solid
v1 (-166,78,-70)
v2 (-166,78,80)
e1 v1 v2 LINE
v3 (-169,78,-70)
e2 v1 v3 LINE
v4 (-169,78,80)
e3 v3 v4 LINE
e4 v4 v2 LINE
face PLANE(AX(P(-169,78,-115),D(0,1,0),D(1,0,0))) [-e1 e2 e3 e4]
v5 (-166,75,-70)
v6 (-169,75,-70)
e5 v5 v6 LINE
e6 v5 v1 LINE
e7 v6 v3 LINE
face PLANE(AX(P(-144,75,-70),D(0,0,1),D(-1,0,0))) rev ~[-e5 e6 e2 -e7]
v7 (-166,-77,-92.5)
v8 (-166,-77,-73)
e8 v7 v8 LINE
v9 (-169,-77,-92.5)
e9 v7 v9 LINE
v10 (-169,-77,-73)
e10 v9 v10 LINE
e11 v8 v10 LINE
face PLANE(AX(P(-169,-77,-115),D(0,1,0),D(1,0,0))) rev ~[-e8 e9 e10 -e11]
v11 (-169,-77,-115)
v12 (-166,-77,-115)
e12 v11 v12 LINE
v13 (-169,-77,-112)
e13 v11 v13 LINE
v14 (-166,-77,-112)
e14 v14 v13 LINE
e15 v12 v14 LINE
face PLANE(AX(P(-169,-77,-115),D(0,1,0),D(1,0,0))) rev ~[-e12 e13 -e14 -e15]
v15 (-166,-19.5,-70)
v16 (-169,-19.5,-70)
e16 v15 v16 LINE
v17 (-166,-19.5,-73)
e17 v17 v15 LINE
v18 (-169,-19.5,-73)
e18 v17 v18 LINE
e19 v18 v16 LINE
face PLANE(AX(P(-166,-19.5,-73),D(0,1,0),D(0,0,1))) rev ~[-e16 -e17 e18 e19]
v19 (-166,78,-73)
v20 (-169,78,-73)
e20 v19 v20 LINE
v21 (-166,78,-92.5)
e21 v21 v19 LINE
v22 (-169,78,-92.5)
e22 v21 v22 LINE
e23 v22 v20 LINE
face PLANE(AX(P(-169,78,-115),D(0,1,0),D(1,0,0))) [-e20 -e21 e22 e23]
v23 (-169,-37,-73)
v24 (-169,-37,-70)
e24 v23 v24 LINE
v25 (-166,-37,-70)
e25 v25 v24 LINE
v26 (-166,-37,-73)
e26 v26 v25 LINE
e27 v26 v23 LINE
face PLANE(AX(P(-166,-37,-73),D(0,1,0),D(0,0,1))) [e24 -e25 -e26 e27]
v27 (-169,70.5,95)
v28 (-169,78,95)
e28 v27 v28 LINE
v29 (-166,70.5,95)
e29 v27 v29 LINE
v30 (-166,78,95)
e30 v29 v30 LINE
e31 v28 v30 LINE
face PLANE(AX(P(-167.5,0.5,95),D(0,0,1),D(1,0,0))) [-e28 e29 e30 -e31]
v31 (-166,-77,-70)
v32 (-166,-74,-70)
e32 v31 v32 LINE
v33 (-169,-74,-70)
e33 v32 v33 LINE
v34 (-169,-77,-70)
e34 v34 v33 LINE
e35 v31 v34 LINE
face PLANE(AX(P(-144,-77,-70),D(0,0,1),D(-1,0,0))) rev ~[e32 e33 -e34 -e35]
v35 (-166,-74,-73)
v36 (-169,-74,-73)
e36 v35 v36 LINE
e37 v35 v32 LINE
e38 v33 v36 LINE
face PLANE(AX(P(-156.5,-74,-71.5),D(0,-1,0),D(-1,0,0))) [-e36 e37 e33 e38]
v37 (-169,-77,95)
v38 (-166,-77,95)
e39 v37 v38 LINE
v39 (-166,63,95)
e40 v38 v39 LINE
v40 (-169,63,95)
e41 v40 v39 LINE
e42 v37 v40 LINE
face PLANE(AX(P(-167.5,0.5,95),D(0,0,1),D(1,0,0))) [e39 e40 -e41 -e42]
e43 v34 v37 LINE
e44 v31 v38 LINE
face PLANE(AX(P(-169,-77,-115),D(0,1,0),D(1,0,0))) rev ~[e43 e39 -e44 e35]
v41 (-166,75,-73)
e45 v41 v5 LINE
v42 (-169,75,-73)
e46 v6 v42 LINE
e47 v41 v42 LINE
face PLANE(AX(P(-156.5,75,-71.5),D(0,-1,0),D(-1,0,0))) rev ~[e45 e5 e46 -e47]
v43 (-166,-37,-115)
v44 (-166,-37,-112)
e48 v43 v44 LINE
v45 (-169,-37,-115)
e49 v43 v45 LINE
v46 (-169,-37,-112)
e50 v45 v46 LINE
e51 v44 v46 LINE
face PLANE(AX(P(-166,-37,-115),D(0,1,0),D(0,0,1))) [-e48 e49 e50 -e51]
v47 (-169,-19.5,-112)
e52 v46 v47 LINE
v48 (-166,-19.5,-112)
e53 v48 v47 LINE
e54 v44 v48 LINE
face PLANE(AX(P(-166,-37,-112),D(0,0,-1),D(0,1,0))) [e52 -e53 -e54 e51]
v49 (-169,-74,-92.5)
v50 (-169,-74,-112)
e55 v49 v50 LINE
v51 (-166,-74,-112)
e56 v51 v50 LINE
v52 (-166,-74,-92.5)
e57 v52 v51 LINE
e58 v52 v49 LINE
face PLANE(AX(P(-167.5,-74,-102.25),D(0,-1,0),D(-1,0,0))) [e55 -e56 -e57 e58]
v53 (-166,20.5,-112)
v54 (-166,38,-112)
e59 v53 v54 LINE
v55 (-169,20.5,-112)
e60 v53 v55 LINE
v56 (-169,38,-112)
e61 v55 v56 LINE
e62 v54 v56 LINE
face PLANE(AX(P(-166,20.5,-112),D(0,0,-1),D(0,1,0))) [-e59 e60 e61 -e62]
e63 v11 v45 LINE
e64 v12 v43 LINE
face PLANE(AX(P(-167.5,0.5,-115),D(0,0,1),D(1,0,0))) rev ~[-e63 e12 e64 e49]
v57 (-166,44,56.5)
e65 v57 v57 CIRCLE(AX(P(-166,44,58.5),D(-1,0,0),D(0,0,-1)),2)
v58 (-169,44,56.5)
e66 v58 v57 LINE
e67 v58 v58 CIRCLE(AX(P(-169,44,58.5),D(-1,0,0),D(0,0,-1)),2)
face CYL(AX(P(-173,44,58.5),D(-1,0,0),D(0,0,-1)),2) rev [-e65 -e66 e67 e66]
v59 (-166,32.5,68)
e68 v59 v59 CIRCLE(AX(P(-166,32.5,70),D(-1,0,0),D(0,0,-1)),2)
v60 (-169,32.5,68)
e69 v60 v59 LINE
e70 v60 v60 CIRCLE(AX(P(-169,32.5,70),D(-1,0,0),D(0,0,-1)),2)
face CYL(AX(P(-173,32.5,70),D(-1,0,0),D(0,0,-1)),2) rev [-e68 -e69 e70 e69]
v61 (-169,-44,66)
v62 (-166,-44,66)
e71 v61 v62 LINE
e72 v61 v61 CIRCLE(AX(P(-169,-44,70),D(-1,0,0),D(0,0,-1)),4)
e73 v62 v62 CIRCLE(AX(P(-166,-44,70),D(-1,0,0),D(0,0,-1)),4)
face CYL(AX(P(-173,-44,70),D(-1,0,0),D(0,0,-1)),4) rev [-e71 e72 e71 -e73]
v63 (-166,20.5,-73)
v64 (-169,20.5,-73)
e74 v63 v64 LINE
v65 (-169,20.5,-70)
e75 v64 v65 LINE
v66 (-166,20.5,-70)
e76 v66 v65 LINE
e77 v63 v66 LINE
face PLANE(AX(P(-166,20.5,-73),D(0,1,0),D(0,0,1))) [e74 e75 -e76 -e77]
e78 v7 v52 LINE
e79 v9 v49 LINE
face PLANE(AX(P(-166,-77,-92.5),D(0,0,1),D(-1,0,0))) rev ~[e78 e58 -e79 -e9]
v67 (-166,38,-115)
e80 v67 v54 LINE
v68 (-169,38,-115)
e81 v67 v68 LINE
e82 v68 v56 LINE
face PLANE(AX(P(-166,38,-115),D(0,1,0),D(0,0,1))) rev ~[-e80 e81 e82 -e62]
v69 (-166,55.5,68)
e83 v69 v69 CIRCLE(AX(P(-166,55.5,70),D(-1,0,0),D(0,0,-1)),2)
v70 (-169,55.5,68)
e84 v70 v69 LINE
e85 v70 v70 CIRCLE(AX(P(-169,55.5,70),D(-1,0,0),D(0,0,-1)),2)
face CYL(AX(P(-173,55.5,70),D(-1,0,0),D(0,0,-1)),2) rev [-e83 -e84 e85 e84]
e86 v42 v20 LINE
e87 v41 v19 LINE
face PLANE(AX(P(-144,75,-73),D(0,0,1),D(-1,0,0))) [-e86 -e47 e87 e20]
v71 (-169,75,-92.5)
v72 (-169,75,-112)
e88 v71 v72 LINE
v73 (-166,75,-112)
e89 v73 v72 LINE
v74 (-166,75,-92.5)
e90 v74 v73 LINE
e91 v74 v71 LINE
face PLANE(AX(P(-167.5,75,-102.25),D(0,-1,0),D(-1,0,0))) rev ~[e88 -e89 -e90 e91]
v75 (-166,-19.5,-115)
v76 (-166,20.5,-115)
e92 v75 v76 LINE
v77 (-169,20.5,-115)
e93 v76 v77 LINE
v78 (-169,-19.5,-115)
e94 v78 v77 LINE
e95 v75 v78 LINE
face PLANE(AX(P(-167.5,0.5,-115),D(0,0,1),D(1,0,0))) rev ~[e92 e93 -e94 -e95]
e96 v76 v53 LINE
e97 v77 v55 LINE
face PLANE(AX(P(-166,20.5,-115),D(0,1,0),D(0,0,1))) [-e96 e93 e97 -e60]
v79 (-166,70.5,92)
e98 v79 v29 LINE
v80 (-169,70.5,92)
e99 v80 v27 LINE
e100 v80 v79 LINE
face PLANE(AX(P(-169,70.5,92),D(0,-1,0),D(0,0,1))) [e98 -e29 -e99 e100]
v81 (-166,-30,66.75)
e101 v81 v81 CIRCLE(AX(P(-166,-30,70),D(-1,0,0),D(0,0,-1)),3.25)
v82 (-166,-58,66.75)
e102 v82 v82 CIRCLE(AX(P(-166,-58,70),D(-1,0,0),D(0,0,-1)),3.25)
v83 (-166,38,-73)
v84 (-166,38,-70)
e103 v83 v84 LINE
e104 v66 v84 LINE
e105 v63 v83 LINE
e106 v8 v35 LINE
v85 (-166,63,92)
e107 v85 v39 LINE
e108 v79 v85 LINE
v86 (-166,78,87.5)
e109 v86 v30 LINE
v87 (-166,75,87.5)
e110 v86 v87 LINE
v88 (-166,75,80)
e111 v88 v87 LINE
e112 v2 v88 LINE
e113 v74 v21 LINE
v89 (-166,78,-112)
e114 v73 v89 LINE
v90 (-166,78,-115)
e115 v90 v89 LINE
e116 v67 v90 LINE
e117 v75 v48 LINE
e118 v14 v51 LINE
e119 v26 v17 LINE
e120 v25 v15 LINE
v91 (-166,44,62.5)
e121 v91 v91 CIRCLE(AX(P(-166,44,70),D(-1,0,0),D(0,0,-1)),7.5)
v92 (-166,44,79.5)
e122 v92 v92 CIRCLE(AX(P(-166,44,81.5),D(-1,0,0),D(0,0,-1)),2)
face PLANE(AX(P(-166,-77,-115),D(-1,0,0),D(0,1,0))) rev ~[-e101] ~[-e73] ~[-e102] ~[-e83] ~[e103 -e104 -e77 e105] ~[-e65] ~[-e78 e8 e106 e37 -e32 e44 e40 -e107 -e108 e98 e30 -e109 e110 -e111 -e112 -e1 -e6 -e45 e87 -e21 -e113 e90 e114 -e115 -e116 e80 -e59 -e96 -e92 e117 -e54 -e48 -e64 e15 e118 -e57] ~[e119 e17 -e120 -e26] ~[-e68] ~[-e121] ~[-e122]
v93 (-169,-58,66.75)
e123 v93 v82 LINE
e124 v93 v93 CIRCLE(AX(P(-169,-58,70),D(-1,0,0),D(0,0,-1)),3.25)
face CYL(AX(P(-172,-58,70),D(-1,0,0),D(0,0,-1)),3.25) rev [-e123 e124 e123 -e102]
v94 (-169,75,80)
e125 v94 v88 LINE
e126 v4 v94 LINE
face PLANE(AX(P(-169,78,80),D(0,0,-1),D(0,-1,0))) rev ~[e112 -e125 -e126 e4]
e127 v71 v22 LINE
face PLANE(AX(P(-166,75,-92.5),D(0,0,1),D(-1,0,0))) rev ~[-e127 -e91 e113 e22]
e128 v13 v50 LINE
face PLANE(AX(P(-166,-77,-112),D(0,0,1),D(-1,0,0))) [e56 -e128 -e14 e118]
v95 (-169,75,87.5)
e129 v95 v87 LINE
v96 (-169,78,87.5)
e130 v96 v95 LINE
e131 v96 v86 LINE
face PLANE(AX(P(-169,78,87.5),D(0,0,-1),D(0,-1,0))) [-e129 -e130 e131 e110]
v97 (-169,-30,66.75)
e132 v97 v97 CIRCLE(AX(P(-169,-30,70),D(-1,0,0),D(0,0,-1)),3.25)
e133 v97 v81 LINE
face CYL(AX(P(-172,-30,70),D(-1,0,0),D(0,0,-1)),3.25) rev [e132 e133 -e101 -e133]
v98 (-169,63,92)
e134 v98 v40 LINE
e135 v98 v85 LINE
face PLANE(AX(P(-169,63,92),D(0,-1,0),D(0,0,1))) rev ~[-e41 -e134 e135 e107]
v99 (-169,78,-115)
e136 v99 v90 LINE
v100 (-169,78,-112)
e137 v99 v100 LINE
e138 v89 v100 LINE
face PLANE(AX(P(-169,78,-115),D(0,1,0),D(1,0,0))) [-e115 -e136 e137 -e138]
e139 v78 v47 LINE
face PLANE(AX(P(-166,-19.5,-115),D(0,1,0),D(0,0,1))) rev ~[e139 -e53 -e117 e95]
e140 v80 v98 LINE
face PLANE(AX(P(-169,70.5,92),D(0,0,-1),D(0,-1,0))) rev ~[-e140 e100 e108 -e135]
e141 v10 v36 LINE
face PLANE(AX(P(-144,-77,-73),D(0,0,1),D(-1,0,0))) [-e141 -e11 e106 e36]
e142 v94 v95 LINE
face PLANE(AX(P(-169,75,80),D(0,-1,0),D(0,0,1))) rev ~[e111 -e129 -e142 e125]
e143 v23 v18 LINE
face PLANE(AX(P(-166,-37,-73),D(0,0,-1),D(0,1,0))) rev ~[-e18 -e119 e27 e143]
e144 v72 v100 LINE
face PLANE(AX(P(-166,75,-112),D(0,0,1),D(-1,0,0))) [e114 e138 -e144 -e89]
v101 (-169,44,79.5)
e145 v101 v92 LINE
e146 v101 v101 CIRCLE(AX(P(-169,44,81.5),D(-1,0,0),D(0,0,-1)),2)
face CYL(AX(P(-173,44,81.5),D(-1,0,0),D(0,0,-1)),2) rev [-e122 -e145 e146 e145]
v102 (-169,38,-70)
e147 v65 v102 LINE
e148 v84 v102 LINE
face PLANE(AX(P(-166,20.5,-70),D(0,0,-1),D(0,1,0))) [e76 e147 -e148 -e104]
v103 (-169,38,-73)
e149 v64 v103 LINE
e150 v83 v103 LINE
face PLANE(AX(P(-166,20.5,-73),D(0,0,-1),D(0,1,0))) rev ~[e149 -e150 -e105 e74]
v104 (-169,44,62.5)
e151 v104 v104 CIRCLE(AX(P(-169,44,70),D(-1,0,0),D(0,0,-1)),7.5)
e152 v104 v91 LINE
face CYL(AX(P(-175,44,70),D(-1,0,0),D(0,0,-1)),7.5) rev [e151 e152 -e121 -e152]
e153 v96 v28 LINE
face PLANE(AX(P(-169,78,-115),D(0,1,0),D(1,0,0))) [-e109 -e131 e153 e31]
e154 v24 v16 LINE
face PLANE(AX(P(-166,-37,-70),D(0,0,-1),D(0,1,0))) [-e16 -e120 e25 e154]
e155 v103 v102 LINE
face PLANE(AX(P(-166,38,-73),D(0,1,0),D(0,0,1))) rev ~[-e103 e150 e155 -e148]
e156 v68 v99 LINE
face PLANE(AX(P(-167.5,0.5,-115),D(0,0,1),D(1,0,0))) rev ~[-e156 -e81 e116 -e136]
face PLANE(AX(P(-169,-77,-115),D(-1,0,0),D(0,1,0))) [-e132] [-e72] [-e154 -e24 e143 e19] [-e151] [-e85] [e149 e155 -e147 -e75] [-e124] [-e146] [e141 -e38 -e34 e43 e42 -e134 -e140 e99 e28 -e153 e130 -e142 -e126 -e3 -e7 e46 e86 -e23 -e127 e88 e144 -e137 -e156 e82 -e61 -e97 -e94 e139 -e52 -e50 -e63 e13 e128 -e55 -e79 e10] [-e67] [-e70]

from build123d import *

# Parameters (mm, degrees)
CYLINDER128_R                                = 2
CYLINDER128_DEPTH                            = 10
CYLINDER128_PITCH_ANGLE                      = 90
CYLINDER131_R                                = 2
CYLINDER131_DEPTH                            = 10
CYLINDER131_PITCH_ANGLE                      = 90
CYLINDER130_R                                = 2
CYLINDER130_DEPTH                            = 10
CYLINDER130_PITCH_ANGLE                      = 90
CYLINDER129_R                                = 2
CYLINDER129_DEPTH                            = 10
CYLINDER129_PITCH_ANGLE                      = 90
CYLINDER127_R                                = 7.5
CYLINDER127_DEPTH                            = 10
CYLINDER127_PITCH_ANGLE                      = 90
CYLINDER125_R                                = 3.25
CYLINDER125_DEPTH                            = 10
CYLINDER125_PITCH_ANGLE                      = 90
CYLINDER126_R                                = 3.25
CYLINDER126_DEPTH                            = 10
CYLINDER126_PITCH_ANGLE                      = 90
CYLINDER124_R                                = 4
CYLINDER124_DEPTH                            = 10
CYLINDER124_PITCH_ANGLE                      = 90
RECTANGLE159_W                               = 7.5
RECTANGLE159_H                               = 3
EXTRUDE205_DEPTH                             = 3
RECTANGLE155_W                               = 3
RECTANGLE155_H                               = 7.5
EXTRUDE204_DEPTH                             = 3
RECTANGLE140_W                               = 17.5
RECTANGLE140_H                               = 3
EXTRUDE181_DEPTH                             = 3
RECTANGLE142_W                               = 17.5
RECTANGLE142_H                               = 3
EXTRUDE183_DEPTH                             = 3
RECTANGLE141_W                               = 17.5
RECTANGLE141_H                               = 3
EXTRUDE182_DEPTH                             = 3
RECTANGLE139_W                               = 17.5
RECTANGLE139_H                               = 3
EXTRUDE180_DEPTH                             = 3
RECTANGLE129_AS_DRAWN_W                      = 25
RECTANGLE129_AS_DRAWN_H                      = 3
EXTRUDE172_DEPTH                             = 3
EXTRUDE172_ONTO_RECTANGLE129_ROLL_ANGLE      = -90
EXTRUDE172_ONTO_RECTANGLE129_PLACEMENT_ANGLE = 180
RECTANGLE132_AS_DRAWN_W                      = 3
RECTANGLE132_AS_DRAWN_H                      = 19.5
EXTRUDE169_DEPTH                             = 3
EXTRUDE169_ONTO_RECTANGLE132_ROLL_ANGLE      = -90
EXTRUDE169_ONTO_RECTANGLE132_PLACEMENT_ANGLE = 180
BOX012_W                                     = 3
BOX012_H                                     = 155
BOX012_DEPTH                                 = 210


with BuildPart() as cylinder159:
    # Cylinder128 → Cylinder128 (new body)
    with BuildSketch(Plane.XY):
        Circle(CYLINDER128_R)
    extrude(amount=CYLINDER128_DEPTH)


with BuildPart() as cylinder159_1:
    # Cylinder128 pitch: moved
    add(cylinder159.part.rotate(Axis((0, 0, 0), (0, 1, 0)), CYLINDER128_PITCH_ANGLE))


with BuildPart() as cylinder159_2:
    # Cylinder128 placement: moved
    add(cylinder159_1.part.moved(Location((-173, 44, 81.5))))


with BuildPart() as cylinder162:
    # Cylinder131 → Cylinder131 (new body)
    with BuildSketch(Plane.XY):
        Circle(CYLINDER131_R)
    extrude(amount=CYLINDER131_DEPTH)


with BuildPart() as cylinder162_1:
    # Cylinder131 pitch: moved
    add(cylinder162.part.rotate(Axis((0, 0, 0), (0, 1, 0)), CYLINDER131_PITCH_ANGLE))


with BuildPart() as cylinder162_2:
    # Cylinder131 placement: moved
    add(cylinder162_1.part.moved(Location((-173, 32.5, 70))))


with BuildPart() as cylinder161:
    # Cylinder130 → Cylinder130 (new body)
    with BuildSketch(Plane.XY):
        Circle(CYLINDER130_R)
    extrude(amount=CYLINDER130_DEPTH)


with BuildPart() as cylinder161_1:
    # Cylinder130 pitch: moved
    add(cylinder161.part.rotate(Axis((0, 0, 0), (0, 1, 0)), CYLINDER130_PITCH_ANGLE))


with BuildPart() as cylinder161_2:
    # Cylinder130 placement: moved
    add(cylinder161_1.part.moved(Location((-173, 55.5, 70))))


with BuildPart() as cylinder160:
    # Cylinder129 → Cylinder129 (new body)
    with BuildSketch(Plane.XY):
        Circle(CYLINDER129_R)
    extrude(amount=CYLINDER129_DEPTH)


with BuildPart() as cylinder160_1:
    # Cylinder129 pitch: moved
    add(cylinder160.part.rotate(Axis((0, 0, 0), (0, 1, 0)), CYLINDER129_PITCH_ANGLE))


with BuildPart() as cylinder160_2:
    # Cylinder129 placement: moved
    add(cylinder160_1.part.moved(Location((-173, 44, 58.5))))


with BuildPart() as fusion064062:
    # Cylinder127 → Cylinder127 (new body)
    with BuildSketch(Plane.XY):
        Circle(CYLINDER127_R)
    extrude(amount=CYLINDER127_DEPTH)


with BuildPart() as fusion064062_1:
    # Cylinder127 pitch: moved
    add(fusion064062.part.rotate(Axis((0, 0, 0), (0, 1, 0)), CYLINDER127_PITCH_ANGLE))


with BuildPart() as fusion064062_2:
    # Cylinder127 placement: moved
    add(fusion064062_1.part.moved(Location((-175, 44, 70))))

    # Fusion064062: union Cylinder159, Cylinder162, Cylinder161, Cylinder160
    add(cylinder159_2.part)
    add(cylinder162_2.part)
    add(cylinder161_2.part)
    add(cylinder160_2.part)


with BuildPart() as cylinder156:
    # Cylinder125 → Cylinder125 (new body)
    with BuildSketch(Plane.XY):
        Circle(CYLINDER125_R)
    extrude(amount=CYLINDER125_DEPTH)


with BuildPart() as cylinder156_1:
    # Cylinder125 pitch: moved
    add(cylinder156.part.rotate(Axis((0, 0, 0), (0, 1, 0)), CYLINDER125_PITCH_ANGLE))


with BuildPart() as cylinder156_2:
    # Cylinder125 placement: moved
    add(cylinder156_1.part.moved(Location((-172, -30, 70))))


with BuildPart() as cylinder157:
    # Cylinder126 → Cylinder126 (new body)
    with BuildSketch(Plane.XY):
        Circle(CYLINDER126_R)
    extrude(amount=CYLINDER126_DEPTH)


with BuildPart() as cylinder157_1:
    # Cylinder126 pitch: moved
    add(cylinder157.part.rotate(Axis((0, 0, 0), (0, 1, 0)), CYLINDER126_PITCH_ANGLE))


with BuildPart() as cylinder157_2:
    # Cylinder126 placement: moved
    add(cylinder157_1.part.moved(Location((-172, -58, 70))))


with BuildPart() as fusion064063:
    # Cylinder124 → Cylinder124 (new body)
    with BuildSketch(Plane.XY):
        Circle(CYLINDER124_R)
    extrude(amount=CYLINDER124_DEPTH)


with BuildPart() as fusion064063_1:
    # Cylinder124 pitch: moved
    add(fusion064063.part.rotate(Axis((0, 0, 0), (0, 1, 0)), CYLINDER124_PITCH_ANGLE))


with BuildPart() as fusion064063_2:
    # Cylinder124 placement: moved
    add(fusion064063_1.part.moved(Location((-173, -44, 70))))

    # Fusion064060: union Cylinder156, Cylinder157
    add(cylinder156_2.part)
    add(cylinder157_2.part)

    # Fusion064063: union Fusion064062
    add(fusion064062_2.part)


with BuildPart() as extrude205:
    # Rectangle159 → Extrude205 (new body)
    with BuildSketch(Plane(origin=(-169, 70.5, 95), x_dir=(0, -1, 0), z_dir=(-1, 0, 0))):
        with Locations((3.75, -1.5)):
            Rectangle(RECTANGLE159_W, RECTANGLE159_H)
    extrude(amount=-EXTRUDE205_DEPTH)


with BuildPart() as fusion064057:
    # Rectangle155 → Extrude204 (new body)
    with BuildSketch(Plane(origin=(-169, 75, 80), x_dir=(0, -1, 0), z_dir=(-1, 0, 0))):
        with Locations((-1.5, 3.75)):
            Rectangle(RECTANGLE155_W, RECTANGLE155_H)
    extrude(amount=-EXTRUDE204_DEPTH)

    # Fusion064057: union Extrude205
    add(extrude205.part)


with BuildPart() as extrude181:
    # Rectangle140 → Extrude181 (new body)
    with BuildSketch(Plane(origin=(114, 20.5, -70), x_dir=(0, 1, 0), z_dir=(1, 0, 0))):
        with Locations((8.75, -1.5)):
            Rectangle(RECTANGLE140_W, RECTANGLE140_H)
    extrude(amount=-EXTRUDE181_DEPTH)


with BuildPart() as extrude183:
    # Rectangle142 → Extrude183 (new body)
    with BuildSketch(Plane(origin=(114, -37, -112), x_dir=(0, 1, 0), z_dir=(1, 0, 0))):
        with Locations((8.75, -1.5)):
            Rectangle(RECTANGLE142_W, RECTANGLE142_H)
    extrude(amount=-EXTRUDE183_DEPTH)


with BuildPart() as extrude182:
    # Rectangle141 → Extrude182 (new body)
    with BuildSketch(Plane(origin=(114, 20.5, -112), x_dir=(0, 1, 0), z_dir=(1, 0, 0))):
        with Locations((8.75, -1.5)):
            Rectangle(RECTANGLE141_W, RECTANGLE141_H)
    extrude(amount=-EXTRUDE182_DEPTH)


with BuildPart() as fusion064045:
    # Rectangle139 → Extrude180 (new body)
    with BuildSketch(Plane(origin=(114, -37, -70), x_dir=(0, 1, 0), z_dir=(1, 0, 0))):
        with Locations((8.75, -1.5)):
            Rectangle(RECTANGLE139_W, RECTANGLE139_H)
    extrude(amount=-EXTRUDE180_DEPTH)

    # Fusion064045: union Extrude181, Extrude183, Extrude182
    add(extrude181.part)
    add(extrude183.part)
    add(extrude182.part)


with BuildPart() as fusion064045_1:
    # Fusion064045 placement: moved
    add(fusion064045.part.moved(Location((-280, 0, 0))))


with BuildPart() as extrude172:
    # Rectangle129 as drawn → Extrude172 (new)
    with BuildSketch(Plane.XY):
        with Locations((12.5, 1.5)):
            Rectangle(RECTANGLE129_AS_DRAWN_W, RECTANGLE129_AS_DRAWN_H)
    extrude(amount=-EXTRUDE172_DEPTH)


with BuildPart() as extrude172_1:
    # Extrude172 onto Rectangle129 roll: moved
    add(extrude172.part.rotate(Axis((0, 0, 0), (1, 0, 0)), EXTRUDE172_ONTO_RECTANGLE129_ROLL_ANGLE))


with BuildPart() as extrude172_2:
    # Extrude172 onto Rectangle129 placement: moved
    add(extrude172_1.part.moved(Location((64, -77, -70))).rotate(Axis((64, -77, -70), (0, 0, 1)), EXTRUDE172_ONTO_RECTANGLE129_PLACEMENT_ANGLE))


with BuildPart() as extrude172_3:
    # Extrude172 placement: moved
    add(extrude172_2.part.moved(Location((-208, 0, 0))))


with BuildPart() as extrude169:
    # Rectangle132 as drawn → Extrude169 (new)
    with BuildSketch(Plane.XY):
        with Locations((1.5, 9.75)):
            Rectangle(RECTANGLE132_AS_DRAWN_W, RECTANGLE132_AS_DRAWN_H)
    extrude(amount=-EXTRUDE169_DEPTH)


with BuildPart() as extrude169_1:
    # Extrude169 onto Rectangle132 roll: moved
    add(extrude169.part.rotate(Axis((0, 0, 0), (1, 0, 0)), EXTRUDE169_ONTO_RECTANGLE132_ROLL_ANGLE))


with BuildPart() as extrude169_2:
    # Extrude169 onto Rectangle132 placement: moved
    add(extrude169_1.part.moved(Location((114, -77, -92.5))).rotate(Axis((114, -77, -92.5), (0, 0, 1)), EXTRUDE169_ONTO_RECTANGLE132_PLACEMENT_ANGLE))


with BuildPart() as extrude169_3:
    # Extrude169 placement: moved
    add(extrude169_2.part.moved(Location((-280, 0, 0))))


with BuildPart() as fusion064037:
    # Fusion064037 base: copy of Extrude169
    add(extrude169_3.part)

    # Fusion064037: union Extrude172
    add(extrude172_3.part)


with BuildPart() as fusion064037_1:
    # Fusion064037 placement: moved
    add(fusion064037.part.moved(Location((0, 152, 0))))


with BuildPart() as fusion064031:
    # Fusion064031 base: copy of Extrude169
    add(extrude169_3.part)

    # Fusion064031: union Extrude172
    add(extrude172_3.part)


with BuildPart() as cut035053:
    # Box012 → Box012 (new body)
    with BuildSketch(Plane(origin=(-169, -77, -115), x_dir=(1, 0, 0), z_dir=(0, 0, 1))):
        with Locations((1.5, 77.5)):
            Rectangle(BOX012_W, BOX012_H)
    extrude(amount=BOX012_DEPTH)

    # Cut035021: cut Fusion064031
    add(fusion064031.part, mode=Mode.SUBTRACT)

    # Cut035024: cut Fusion064037
    add(fusion064037_1.part, mode=Mode.SUBTRACT)

    # Cut035032: cut Fusion064045
    add(fusion064045_1.part, mode=Mode.SUBTRACT)

    # Cut035042: cut Fusion064057
    add(fusion064057.part, mode=Mode.SUBTRACT)

    # Cut035053: cut Fusion064063
    add(fusion064063_2.part, mode=Mode.SUBTRACT)


solid = cut035053.part
